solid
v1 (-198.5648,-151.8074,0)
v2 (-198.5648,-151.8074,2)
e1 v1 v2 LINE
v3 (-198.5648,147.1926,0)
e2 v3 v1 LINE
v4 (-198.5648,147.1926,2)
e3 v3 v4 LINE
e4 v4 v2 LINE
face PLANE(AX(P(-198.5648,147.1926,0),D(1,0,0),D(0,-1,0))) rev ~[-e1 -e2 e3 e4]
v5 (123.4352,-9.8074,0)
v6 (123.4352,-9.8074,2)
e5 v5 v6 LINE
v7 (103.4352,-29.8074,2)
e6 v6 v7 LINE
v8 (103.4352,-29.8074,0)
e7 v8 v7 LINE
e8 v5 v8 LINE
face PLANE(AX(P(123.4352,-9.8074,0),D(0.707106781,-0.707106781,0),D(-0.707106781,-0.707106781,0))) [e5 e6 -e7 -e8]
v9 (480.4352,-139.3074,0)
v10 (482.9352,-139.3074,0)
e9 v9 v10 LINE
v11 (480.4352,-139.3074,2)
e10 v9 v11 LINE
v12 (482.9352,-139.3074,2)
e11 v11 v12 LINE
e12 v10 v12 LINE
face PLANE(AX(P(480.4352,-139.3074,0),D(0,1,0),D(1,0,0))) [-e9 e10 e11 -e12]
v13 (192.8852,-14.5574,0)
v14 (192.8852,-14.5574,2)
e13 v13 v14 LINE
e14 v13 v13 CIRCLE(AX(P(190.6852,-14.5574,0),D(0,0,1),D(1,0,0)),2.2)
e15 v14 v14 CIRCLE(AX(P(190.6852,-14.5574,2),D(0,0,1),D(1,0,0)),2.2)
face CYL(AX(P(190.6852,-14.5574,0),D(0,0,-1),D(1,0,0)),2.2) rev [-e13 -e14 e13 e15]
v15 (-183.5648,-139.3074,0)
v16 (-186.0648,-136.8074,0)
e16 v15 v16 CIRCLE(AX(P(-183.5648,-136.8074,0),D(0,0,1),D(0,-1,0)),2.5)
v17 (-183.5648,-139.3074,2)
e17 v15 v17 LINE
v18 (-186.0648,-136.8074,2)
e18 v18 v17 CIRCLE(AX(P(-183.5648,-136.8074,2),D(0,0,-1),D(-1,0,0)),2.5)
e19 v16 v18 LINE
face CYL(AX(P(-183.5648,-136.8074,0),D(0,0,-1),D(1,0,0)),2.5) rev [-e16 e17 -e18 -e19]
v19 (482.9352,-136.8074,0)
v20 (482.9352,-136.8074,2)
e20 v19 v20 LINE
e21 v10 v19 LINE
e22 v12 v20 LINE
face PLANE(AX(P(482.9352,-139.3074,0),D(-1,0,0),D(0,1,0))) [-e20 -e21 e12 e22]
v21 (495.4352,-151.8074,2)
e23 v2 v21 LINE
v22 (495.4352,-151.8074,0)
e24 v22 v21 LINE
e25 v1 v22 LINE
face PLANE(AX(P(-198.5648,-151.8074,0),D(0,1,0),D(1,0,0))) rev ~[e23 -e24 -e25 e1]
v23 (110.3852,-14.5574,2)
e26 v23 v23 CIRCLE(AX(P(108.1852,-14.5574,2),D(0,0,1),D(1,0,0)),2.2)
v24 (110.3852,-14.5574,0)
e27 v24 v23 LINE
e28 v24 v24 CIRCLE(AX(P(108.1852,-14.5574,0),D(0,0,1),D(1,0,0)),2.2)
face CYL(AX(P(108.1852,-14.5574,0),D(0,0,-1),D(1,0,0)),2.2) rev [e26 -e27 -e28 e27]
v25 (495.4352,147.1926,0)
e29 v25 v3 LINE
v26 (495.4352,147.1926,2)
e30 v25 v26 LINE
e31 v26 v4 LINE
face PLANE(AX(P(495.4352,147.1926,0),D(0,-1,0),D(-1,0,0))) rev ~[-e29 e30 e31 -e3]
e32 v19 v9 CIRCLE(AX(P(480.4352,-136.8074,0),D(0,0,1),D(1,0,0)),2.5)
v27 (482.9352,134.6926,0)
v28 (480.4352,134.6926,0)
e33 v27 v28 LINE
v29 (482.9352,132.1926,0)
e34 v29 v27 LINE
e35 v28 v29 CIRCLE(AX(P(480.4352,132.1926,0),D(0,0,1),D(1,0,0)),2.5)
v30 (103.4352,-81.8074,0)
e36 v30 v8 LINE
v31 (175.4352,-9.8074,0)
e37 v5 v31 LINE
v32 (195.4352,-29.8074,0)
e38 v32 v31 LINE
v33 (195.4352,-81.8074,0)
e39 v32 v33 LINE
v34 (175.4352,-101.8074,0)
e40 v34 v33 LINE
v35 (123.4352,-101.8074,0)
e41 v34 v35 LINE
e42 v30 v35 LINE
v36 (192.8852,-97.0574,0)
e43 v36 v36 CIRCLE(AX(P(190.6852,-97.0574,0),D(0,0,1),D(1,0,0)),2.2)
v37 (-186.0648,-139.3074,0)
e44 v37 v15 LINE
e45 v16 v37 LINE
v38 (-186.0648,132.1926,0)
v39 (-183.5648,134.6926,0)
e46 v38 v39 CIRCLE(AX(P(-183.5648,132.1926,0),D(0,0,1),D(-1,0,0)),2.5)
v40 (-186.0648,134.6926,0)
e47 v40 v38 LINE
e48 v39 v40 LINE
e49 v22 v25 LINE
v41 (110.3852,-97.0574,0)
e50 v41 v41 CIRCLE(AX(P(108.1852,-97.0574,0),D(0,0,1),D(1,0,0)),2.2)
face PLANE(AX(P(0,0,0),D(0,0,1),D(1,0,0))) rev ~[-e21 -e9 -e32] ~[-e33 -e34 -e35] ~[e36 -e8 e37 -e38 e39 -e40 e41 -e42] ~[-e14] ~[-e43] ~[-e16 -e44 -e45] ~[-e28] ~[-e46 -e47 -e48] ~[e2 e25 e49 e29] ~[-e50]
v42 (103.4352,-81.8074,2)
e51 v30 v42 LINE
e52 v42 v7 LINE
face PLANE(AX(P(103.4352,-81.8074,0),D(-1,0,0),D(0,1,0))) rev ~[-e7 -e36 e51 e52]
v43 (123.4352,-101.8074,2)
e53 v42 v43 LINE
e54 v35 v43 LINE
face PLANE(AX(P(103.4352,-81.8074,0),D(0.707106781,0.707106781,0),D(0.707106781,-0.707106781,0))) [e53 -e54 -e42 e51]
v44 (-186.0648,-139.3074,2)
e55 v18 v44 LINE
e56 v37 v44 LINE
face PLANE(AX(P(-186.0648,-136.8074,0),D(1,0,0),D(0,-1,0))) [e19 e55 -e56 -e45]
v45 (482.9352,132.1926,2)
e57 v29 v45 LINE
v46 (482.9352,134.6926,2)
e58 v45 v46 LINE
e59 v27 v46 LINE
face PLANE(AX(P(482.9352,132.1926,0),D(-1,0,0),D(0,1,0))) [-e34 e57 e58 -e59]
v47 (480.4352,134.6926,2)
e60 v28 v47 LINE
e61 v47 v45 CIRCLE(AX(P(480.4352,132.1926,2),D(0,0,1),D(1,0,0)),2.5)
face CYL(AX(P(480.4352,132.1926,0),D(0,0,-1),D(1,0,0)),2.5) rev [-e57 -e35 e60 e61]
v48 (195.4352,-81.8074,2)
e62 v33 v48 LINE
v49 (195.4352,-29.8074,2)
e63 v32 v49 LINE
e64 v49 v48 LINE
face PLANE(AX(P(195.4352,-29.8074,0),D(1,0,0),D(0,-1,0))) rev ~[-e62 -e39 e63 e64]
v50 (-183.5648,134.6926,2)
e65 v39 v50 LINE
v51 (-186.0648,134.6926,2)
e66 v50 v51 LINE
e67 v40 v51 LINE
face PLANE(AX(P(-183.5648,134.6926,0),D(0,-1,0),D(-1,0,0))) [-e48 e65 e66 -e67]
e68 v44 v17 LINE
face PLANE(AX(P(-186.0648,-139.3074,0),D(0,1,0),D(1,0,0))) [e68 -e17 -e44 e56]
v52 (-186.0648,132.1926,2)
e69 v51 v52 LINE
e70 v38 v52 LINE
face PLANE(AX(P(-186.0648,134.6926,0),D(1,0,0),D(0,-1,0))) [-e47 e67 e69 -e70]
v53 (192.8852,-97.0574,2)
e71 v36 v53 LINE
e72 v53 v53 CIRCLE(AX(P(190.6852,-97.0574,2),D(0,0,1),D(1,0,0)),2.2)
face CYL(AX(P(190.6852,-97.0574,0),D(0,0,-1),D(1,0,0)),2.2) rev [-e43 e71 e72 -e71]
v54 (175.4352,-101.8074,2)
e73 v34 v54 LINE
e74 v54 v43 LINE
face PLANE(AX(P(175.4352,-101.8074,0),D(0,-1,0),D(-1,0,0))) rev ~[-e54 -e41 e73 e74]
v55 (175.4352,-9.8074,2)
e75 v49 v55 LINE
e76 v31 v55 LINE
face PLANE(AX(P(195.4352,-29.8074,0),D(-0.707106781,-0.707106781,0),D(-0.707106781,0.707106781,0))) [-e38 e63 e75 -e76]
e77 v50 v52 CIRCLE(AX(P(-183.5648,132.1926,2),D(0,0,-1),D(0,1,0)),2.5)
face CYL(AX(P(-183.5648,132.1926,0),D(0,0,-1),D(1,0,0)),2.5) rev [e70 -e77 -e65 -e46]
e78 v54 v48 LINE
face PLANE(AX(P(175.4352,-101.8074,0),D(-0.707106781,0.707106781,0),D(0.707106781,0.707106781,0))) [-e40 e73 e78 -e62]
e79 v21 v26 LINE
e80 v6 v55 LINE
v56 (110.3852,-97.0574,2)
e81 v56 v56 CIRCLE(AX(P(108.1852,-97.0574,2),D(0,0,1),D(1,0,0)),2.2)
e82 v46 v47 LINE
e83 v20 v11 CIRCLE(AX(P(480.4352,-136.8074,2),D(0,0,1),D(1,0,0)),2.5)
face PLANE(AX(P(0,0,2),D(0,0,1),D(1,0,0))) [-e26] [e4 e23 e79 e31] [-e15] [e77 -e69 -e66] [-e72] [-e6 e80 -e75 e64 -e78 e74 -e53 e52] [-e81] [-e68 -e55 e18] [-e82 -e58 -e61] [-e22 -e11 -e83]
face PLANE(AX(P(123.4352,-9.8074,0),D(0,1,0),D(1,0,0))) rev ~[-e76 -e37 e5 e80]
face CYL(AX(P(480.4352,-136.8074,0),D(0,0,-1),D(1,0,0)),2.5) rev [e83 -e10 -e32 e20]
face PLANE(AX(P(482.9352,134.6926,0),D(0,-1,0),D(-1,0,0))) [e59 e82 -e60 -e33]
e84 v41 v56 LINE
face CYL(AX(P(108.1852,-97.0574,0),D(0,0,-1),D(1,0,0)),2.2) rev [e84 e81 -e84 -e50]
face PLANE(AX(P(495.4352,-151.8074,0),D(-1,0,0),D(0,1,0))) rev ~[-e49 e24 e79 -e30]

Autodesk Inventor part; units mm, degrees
ref_plane "Plan YZ" through (0, 0, 0) normal (1, 0, 0) x (0, 1, 0)
ref_plane "Plan XZ" through (0, 0, 0) normal (0, 1, 0) x (-1, 0, 0)
ref_plane "Plan XY" through (0, 0, 0) normal (0, 0, 1) x (1, 0, 0)
sketch "Esquisse1" plane through (0, 0, 0) normal (0, 0, 1) x (1, 0, 0)
  line L0 (-198.5648, -151.8074) -> (495.4352, -151.8074)
  line L1 (495.4352, -151.8074) -> (495.4352, 147.1926)
  line L2 (495.4352, 147.1926) -> (-198.5648, 147.1926)
  line L3 (-198.5648, 147.1926) -> (-198.5648, -151.8074)
  line L4 (-198.5648, -151.8074) -> (495.4352, 147.1926) construction
  line L5 (-186.0648, -139.3074) -> (482.9352, -139.3074)
  line L6 (482.9352, -139.3074) -> (482.9352, 134.6926)
  line L7 (482.9352, 134.6926) -> (-186.0648, 134.6926)
  line L8 (-186.0648, 134.6926) -> (-186.0648, -139.3074)
  line L9 (-186.0648, -139.3074) -> (482.9352, 134.6926) construction
  circle A0 centre (-183.5648, 132.1926) radius 2.5
  circle A1 centre (-183.5648, -136.8074) radius 2.5
  circle A2 centre (480.4352, -136.8074) radius 2.5
  circle A3 centre (480.4352, 132.1926) radius 2.5
  line L10 (123.4352, -9.8074) -> (175.4352, -9.8074)
  line L11 (195.4352, -29.8074) -> (195.4352, -81.8074)
  line L12 (175.4352, -101.8074) -> (123.4352, -101.8074)
  line L13 (103.4352, -81.8074) -> (103.4352, -29.8074)
  line L14 (103.4352, -9.8074) -> (195.4352, -101.8074) construction
  line L15 (195.4352, -9.8074) -> (103.4352, -101.8074) construction
  line L16 (123.4352, -9.8074) -> (103.4352, -29.8074)
  line L17 (103.4352, -81.8074) -> (123.4352, -101.8074)
  line L18 (175.4352, -101.8074) -> (195.4352, -81.8074)
  line L19 (195.4352, -29.8074) -> (175.4352, -9.8074)
  circle A4 centre (108.1852, -14.5574) radius 2.2
  circle A5 centre (190.6852, -14.5574) radius 2.2
  circle A6 centre (190.6852, -97.0574) radius 2.2
  circle A7 centre (108.1852, -97.0574) radius 2.2
  point P0 (0, 0)
  point P1 (148.4352, -2.3074)
  point P2 (149.4352, -55.8074)
  point P3 (-186.0648, -136.8074)
  point P4 (-183.5648, -139.3074)
  point P5 (480.4352, -139.3074)
  point P6 (482.9352, -136.8074)
  point P7 (482.9352, 132.1926)
  point P8 (480.4352, 134.6926)
  point P9 (-186.0648, 132.1926)
  point P10 (-183.5648, 134.6926)
  dimension "d0" = 694
  dimension "d1" = 299
  dimension "d2" = 12.5
  dimension "d3" = 12.5
  dimension "d4" = 5
  dimension "d5" = 5
  dimension "d6" = 5
  dimension "d7" = 5
  dimension "d8" = 92
  dimension "d9" = 92
  dimension "d10" = 50
  dimension "d11" = 300
  dimension "d12" = 20
  dimension "d13" = 20
  dimension "d14" = 20
  dimension "d15" = 20
  dimension "d16" = 20
  dimension "d17" = 20
  dimension "d18" = 20
  dimension "d19" = 20
  dimension "d20" = 4.4
  dimension "d21" = 4.4
  dimension "d22" = 4.4
  dimension "d23" = 4.4
  dimension "d24" = 4.75
  dimension "d25" = 4.75
extrude "Extrusion1" add sketch "Esquisse1" along normal blind 2 contours L3 L2 L1 L0 | A1 L8 A0 L7 A3 L6 A2 L5
equation "\"d13\" = d12"
equation "\"d14\" = d12"
equation "\"d15\" = d14"
equation "\"d16\" = d12"
equation "\"d17\" = d16"
equation "\"d18\" = d12"
equation "\"d19\" = d18"
properties part number "PlaqueVentilo2"
